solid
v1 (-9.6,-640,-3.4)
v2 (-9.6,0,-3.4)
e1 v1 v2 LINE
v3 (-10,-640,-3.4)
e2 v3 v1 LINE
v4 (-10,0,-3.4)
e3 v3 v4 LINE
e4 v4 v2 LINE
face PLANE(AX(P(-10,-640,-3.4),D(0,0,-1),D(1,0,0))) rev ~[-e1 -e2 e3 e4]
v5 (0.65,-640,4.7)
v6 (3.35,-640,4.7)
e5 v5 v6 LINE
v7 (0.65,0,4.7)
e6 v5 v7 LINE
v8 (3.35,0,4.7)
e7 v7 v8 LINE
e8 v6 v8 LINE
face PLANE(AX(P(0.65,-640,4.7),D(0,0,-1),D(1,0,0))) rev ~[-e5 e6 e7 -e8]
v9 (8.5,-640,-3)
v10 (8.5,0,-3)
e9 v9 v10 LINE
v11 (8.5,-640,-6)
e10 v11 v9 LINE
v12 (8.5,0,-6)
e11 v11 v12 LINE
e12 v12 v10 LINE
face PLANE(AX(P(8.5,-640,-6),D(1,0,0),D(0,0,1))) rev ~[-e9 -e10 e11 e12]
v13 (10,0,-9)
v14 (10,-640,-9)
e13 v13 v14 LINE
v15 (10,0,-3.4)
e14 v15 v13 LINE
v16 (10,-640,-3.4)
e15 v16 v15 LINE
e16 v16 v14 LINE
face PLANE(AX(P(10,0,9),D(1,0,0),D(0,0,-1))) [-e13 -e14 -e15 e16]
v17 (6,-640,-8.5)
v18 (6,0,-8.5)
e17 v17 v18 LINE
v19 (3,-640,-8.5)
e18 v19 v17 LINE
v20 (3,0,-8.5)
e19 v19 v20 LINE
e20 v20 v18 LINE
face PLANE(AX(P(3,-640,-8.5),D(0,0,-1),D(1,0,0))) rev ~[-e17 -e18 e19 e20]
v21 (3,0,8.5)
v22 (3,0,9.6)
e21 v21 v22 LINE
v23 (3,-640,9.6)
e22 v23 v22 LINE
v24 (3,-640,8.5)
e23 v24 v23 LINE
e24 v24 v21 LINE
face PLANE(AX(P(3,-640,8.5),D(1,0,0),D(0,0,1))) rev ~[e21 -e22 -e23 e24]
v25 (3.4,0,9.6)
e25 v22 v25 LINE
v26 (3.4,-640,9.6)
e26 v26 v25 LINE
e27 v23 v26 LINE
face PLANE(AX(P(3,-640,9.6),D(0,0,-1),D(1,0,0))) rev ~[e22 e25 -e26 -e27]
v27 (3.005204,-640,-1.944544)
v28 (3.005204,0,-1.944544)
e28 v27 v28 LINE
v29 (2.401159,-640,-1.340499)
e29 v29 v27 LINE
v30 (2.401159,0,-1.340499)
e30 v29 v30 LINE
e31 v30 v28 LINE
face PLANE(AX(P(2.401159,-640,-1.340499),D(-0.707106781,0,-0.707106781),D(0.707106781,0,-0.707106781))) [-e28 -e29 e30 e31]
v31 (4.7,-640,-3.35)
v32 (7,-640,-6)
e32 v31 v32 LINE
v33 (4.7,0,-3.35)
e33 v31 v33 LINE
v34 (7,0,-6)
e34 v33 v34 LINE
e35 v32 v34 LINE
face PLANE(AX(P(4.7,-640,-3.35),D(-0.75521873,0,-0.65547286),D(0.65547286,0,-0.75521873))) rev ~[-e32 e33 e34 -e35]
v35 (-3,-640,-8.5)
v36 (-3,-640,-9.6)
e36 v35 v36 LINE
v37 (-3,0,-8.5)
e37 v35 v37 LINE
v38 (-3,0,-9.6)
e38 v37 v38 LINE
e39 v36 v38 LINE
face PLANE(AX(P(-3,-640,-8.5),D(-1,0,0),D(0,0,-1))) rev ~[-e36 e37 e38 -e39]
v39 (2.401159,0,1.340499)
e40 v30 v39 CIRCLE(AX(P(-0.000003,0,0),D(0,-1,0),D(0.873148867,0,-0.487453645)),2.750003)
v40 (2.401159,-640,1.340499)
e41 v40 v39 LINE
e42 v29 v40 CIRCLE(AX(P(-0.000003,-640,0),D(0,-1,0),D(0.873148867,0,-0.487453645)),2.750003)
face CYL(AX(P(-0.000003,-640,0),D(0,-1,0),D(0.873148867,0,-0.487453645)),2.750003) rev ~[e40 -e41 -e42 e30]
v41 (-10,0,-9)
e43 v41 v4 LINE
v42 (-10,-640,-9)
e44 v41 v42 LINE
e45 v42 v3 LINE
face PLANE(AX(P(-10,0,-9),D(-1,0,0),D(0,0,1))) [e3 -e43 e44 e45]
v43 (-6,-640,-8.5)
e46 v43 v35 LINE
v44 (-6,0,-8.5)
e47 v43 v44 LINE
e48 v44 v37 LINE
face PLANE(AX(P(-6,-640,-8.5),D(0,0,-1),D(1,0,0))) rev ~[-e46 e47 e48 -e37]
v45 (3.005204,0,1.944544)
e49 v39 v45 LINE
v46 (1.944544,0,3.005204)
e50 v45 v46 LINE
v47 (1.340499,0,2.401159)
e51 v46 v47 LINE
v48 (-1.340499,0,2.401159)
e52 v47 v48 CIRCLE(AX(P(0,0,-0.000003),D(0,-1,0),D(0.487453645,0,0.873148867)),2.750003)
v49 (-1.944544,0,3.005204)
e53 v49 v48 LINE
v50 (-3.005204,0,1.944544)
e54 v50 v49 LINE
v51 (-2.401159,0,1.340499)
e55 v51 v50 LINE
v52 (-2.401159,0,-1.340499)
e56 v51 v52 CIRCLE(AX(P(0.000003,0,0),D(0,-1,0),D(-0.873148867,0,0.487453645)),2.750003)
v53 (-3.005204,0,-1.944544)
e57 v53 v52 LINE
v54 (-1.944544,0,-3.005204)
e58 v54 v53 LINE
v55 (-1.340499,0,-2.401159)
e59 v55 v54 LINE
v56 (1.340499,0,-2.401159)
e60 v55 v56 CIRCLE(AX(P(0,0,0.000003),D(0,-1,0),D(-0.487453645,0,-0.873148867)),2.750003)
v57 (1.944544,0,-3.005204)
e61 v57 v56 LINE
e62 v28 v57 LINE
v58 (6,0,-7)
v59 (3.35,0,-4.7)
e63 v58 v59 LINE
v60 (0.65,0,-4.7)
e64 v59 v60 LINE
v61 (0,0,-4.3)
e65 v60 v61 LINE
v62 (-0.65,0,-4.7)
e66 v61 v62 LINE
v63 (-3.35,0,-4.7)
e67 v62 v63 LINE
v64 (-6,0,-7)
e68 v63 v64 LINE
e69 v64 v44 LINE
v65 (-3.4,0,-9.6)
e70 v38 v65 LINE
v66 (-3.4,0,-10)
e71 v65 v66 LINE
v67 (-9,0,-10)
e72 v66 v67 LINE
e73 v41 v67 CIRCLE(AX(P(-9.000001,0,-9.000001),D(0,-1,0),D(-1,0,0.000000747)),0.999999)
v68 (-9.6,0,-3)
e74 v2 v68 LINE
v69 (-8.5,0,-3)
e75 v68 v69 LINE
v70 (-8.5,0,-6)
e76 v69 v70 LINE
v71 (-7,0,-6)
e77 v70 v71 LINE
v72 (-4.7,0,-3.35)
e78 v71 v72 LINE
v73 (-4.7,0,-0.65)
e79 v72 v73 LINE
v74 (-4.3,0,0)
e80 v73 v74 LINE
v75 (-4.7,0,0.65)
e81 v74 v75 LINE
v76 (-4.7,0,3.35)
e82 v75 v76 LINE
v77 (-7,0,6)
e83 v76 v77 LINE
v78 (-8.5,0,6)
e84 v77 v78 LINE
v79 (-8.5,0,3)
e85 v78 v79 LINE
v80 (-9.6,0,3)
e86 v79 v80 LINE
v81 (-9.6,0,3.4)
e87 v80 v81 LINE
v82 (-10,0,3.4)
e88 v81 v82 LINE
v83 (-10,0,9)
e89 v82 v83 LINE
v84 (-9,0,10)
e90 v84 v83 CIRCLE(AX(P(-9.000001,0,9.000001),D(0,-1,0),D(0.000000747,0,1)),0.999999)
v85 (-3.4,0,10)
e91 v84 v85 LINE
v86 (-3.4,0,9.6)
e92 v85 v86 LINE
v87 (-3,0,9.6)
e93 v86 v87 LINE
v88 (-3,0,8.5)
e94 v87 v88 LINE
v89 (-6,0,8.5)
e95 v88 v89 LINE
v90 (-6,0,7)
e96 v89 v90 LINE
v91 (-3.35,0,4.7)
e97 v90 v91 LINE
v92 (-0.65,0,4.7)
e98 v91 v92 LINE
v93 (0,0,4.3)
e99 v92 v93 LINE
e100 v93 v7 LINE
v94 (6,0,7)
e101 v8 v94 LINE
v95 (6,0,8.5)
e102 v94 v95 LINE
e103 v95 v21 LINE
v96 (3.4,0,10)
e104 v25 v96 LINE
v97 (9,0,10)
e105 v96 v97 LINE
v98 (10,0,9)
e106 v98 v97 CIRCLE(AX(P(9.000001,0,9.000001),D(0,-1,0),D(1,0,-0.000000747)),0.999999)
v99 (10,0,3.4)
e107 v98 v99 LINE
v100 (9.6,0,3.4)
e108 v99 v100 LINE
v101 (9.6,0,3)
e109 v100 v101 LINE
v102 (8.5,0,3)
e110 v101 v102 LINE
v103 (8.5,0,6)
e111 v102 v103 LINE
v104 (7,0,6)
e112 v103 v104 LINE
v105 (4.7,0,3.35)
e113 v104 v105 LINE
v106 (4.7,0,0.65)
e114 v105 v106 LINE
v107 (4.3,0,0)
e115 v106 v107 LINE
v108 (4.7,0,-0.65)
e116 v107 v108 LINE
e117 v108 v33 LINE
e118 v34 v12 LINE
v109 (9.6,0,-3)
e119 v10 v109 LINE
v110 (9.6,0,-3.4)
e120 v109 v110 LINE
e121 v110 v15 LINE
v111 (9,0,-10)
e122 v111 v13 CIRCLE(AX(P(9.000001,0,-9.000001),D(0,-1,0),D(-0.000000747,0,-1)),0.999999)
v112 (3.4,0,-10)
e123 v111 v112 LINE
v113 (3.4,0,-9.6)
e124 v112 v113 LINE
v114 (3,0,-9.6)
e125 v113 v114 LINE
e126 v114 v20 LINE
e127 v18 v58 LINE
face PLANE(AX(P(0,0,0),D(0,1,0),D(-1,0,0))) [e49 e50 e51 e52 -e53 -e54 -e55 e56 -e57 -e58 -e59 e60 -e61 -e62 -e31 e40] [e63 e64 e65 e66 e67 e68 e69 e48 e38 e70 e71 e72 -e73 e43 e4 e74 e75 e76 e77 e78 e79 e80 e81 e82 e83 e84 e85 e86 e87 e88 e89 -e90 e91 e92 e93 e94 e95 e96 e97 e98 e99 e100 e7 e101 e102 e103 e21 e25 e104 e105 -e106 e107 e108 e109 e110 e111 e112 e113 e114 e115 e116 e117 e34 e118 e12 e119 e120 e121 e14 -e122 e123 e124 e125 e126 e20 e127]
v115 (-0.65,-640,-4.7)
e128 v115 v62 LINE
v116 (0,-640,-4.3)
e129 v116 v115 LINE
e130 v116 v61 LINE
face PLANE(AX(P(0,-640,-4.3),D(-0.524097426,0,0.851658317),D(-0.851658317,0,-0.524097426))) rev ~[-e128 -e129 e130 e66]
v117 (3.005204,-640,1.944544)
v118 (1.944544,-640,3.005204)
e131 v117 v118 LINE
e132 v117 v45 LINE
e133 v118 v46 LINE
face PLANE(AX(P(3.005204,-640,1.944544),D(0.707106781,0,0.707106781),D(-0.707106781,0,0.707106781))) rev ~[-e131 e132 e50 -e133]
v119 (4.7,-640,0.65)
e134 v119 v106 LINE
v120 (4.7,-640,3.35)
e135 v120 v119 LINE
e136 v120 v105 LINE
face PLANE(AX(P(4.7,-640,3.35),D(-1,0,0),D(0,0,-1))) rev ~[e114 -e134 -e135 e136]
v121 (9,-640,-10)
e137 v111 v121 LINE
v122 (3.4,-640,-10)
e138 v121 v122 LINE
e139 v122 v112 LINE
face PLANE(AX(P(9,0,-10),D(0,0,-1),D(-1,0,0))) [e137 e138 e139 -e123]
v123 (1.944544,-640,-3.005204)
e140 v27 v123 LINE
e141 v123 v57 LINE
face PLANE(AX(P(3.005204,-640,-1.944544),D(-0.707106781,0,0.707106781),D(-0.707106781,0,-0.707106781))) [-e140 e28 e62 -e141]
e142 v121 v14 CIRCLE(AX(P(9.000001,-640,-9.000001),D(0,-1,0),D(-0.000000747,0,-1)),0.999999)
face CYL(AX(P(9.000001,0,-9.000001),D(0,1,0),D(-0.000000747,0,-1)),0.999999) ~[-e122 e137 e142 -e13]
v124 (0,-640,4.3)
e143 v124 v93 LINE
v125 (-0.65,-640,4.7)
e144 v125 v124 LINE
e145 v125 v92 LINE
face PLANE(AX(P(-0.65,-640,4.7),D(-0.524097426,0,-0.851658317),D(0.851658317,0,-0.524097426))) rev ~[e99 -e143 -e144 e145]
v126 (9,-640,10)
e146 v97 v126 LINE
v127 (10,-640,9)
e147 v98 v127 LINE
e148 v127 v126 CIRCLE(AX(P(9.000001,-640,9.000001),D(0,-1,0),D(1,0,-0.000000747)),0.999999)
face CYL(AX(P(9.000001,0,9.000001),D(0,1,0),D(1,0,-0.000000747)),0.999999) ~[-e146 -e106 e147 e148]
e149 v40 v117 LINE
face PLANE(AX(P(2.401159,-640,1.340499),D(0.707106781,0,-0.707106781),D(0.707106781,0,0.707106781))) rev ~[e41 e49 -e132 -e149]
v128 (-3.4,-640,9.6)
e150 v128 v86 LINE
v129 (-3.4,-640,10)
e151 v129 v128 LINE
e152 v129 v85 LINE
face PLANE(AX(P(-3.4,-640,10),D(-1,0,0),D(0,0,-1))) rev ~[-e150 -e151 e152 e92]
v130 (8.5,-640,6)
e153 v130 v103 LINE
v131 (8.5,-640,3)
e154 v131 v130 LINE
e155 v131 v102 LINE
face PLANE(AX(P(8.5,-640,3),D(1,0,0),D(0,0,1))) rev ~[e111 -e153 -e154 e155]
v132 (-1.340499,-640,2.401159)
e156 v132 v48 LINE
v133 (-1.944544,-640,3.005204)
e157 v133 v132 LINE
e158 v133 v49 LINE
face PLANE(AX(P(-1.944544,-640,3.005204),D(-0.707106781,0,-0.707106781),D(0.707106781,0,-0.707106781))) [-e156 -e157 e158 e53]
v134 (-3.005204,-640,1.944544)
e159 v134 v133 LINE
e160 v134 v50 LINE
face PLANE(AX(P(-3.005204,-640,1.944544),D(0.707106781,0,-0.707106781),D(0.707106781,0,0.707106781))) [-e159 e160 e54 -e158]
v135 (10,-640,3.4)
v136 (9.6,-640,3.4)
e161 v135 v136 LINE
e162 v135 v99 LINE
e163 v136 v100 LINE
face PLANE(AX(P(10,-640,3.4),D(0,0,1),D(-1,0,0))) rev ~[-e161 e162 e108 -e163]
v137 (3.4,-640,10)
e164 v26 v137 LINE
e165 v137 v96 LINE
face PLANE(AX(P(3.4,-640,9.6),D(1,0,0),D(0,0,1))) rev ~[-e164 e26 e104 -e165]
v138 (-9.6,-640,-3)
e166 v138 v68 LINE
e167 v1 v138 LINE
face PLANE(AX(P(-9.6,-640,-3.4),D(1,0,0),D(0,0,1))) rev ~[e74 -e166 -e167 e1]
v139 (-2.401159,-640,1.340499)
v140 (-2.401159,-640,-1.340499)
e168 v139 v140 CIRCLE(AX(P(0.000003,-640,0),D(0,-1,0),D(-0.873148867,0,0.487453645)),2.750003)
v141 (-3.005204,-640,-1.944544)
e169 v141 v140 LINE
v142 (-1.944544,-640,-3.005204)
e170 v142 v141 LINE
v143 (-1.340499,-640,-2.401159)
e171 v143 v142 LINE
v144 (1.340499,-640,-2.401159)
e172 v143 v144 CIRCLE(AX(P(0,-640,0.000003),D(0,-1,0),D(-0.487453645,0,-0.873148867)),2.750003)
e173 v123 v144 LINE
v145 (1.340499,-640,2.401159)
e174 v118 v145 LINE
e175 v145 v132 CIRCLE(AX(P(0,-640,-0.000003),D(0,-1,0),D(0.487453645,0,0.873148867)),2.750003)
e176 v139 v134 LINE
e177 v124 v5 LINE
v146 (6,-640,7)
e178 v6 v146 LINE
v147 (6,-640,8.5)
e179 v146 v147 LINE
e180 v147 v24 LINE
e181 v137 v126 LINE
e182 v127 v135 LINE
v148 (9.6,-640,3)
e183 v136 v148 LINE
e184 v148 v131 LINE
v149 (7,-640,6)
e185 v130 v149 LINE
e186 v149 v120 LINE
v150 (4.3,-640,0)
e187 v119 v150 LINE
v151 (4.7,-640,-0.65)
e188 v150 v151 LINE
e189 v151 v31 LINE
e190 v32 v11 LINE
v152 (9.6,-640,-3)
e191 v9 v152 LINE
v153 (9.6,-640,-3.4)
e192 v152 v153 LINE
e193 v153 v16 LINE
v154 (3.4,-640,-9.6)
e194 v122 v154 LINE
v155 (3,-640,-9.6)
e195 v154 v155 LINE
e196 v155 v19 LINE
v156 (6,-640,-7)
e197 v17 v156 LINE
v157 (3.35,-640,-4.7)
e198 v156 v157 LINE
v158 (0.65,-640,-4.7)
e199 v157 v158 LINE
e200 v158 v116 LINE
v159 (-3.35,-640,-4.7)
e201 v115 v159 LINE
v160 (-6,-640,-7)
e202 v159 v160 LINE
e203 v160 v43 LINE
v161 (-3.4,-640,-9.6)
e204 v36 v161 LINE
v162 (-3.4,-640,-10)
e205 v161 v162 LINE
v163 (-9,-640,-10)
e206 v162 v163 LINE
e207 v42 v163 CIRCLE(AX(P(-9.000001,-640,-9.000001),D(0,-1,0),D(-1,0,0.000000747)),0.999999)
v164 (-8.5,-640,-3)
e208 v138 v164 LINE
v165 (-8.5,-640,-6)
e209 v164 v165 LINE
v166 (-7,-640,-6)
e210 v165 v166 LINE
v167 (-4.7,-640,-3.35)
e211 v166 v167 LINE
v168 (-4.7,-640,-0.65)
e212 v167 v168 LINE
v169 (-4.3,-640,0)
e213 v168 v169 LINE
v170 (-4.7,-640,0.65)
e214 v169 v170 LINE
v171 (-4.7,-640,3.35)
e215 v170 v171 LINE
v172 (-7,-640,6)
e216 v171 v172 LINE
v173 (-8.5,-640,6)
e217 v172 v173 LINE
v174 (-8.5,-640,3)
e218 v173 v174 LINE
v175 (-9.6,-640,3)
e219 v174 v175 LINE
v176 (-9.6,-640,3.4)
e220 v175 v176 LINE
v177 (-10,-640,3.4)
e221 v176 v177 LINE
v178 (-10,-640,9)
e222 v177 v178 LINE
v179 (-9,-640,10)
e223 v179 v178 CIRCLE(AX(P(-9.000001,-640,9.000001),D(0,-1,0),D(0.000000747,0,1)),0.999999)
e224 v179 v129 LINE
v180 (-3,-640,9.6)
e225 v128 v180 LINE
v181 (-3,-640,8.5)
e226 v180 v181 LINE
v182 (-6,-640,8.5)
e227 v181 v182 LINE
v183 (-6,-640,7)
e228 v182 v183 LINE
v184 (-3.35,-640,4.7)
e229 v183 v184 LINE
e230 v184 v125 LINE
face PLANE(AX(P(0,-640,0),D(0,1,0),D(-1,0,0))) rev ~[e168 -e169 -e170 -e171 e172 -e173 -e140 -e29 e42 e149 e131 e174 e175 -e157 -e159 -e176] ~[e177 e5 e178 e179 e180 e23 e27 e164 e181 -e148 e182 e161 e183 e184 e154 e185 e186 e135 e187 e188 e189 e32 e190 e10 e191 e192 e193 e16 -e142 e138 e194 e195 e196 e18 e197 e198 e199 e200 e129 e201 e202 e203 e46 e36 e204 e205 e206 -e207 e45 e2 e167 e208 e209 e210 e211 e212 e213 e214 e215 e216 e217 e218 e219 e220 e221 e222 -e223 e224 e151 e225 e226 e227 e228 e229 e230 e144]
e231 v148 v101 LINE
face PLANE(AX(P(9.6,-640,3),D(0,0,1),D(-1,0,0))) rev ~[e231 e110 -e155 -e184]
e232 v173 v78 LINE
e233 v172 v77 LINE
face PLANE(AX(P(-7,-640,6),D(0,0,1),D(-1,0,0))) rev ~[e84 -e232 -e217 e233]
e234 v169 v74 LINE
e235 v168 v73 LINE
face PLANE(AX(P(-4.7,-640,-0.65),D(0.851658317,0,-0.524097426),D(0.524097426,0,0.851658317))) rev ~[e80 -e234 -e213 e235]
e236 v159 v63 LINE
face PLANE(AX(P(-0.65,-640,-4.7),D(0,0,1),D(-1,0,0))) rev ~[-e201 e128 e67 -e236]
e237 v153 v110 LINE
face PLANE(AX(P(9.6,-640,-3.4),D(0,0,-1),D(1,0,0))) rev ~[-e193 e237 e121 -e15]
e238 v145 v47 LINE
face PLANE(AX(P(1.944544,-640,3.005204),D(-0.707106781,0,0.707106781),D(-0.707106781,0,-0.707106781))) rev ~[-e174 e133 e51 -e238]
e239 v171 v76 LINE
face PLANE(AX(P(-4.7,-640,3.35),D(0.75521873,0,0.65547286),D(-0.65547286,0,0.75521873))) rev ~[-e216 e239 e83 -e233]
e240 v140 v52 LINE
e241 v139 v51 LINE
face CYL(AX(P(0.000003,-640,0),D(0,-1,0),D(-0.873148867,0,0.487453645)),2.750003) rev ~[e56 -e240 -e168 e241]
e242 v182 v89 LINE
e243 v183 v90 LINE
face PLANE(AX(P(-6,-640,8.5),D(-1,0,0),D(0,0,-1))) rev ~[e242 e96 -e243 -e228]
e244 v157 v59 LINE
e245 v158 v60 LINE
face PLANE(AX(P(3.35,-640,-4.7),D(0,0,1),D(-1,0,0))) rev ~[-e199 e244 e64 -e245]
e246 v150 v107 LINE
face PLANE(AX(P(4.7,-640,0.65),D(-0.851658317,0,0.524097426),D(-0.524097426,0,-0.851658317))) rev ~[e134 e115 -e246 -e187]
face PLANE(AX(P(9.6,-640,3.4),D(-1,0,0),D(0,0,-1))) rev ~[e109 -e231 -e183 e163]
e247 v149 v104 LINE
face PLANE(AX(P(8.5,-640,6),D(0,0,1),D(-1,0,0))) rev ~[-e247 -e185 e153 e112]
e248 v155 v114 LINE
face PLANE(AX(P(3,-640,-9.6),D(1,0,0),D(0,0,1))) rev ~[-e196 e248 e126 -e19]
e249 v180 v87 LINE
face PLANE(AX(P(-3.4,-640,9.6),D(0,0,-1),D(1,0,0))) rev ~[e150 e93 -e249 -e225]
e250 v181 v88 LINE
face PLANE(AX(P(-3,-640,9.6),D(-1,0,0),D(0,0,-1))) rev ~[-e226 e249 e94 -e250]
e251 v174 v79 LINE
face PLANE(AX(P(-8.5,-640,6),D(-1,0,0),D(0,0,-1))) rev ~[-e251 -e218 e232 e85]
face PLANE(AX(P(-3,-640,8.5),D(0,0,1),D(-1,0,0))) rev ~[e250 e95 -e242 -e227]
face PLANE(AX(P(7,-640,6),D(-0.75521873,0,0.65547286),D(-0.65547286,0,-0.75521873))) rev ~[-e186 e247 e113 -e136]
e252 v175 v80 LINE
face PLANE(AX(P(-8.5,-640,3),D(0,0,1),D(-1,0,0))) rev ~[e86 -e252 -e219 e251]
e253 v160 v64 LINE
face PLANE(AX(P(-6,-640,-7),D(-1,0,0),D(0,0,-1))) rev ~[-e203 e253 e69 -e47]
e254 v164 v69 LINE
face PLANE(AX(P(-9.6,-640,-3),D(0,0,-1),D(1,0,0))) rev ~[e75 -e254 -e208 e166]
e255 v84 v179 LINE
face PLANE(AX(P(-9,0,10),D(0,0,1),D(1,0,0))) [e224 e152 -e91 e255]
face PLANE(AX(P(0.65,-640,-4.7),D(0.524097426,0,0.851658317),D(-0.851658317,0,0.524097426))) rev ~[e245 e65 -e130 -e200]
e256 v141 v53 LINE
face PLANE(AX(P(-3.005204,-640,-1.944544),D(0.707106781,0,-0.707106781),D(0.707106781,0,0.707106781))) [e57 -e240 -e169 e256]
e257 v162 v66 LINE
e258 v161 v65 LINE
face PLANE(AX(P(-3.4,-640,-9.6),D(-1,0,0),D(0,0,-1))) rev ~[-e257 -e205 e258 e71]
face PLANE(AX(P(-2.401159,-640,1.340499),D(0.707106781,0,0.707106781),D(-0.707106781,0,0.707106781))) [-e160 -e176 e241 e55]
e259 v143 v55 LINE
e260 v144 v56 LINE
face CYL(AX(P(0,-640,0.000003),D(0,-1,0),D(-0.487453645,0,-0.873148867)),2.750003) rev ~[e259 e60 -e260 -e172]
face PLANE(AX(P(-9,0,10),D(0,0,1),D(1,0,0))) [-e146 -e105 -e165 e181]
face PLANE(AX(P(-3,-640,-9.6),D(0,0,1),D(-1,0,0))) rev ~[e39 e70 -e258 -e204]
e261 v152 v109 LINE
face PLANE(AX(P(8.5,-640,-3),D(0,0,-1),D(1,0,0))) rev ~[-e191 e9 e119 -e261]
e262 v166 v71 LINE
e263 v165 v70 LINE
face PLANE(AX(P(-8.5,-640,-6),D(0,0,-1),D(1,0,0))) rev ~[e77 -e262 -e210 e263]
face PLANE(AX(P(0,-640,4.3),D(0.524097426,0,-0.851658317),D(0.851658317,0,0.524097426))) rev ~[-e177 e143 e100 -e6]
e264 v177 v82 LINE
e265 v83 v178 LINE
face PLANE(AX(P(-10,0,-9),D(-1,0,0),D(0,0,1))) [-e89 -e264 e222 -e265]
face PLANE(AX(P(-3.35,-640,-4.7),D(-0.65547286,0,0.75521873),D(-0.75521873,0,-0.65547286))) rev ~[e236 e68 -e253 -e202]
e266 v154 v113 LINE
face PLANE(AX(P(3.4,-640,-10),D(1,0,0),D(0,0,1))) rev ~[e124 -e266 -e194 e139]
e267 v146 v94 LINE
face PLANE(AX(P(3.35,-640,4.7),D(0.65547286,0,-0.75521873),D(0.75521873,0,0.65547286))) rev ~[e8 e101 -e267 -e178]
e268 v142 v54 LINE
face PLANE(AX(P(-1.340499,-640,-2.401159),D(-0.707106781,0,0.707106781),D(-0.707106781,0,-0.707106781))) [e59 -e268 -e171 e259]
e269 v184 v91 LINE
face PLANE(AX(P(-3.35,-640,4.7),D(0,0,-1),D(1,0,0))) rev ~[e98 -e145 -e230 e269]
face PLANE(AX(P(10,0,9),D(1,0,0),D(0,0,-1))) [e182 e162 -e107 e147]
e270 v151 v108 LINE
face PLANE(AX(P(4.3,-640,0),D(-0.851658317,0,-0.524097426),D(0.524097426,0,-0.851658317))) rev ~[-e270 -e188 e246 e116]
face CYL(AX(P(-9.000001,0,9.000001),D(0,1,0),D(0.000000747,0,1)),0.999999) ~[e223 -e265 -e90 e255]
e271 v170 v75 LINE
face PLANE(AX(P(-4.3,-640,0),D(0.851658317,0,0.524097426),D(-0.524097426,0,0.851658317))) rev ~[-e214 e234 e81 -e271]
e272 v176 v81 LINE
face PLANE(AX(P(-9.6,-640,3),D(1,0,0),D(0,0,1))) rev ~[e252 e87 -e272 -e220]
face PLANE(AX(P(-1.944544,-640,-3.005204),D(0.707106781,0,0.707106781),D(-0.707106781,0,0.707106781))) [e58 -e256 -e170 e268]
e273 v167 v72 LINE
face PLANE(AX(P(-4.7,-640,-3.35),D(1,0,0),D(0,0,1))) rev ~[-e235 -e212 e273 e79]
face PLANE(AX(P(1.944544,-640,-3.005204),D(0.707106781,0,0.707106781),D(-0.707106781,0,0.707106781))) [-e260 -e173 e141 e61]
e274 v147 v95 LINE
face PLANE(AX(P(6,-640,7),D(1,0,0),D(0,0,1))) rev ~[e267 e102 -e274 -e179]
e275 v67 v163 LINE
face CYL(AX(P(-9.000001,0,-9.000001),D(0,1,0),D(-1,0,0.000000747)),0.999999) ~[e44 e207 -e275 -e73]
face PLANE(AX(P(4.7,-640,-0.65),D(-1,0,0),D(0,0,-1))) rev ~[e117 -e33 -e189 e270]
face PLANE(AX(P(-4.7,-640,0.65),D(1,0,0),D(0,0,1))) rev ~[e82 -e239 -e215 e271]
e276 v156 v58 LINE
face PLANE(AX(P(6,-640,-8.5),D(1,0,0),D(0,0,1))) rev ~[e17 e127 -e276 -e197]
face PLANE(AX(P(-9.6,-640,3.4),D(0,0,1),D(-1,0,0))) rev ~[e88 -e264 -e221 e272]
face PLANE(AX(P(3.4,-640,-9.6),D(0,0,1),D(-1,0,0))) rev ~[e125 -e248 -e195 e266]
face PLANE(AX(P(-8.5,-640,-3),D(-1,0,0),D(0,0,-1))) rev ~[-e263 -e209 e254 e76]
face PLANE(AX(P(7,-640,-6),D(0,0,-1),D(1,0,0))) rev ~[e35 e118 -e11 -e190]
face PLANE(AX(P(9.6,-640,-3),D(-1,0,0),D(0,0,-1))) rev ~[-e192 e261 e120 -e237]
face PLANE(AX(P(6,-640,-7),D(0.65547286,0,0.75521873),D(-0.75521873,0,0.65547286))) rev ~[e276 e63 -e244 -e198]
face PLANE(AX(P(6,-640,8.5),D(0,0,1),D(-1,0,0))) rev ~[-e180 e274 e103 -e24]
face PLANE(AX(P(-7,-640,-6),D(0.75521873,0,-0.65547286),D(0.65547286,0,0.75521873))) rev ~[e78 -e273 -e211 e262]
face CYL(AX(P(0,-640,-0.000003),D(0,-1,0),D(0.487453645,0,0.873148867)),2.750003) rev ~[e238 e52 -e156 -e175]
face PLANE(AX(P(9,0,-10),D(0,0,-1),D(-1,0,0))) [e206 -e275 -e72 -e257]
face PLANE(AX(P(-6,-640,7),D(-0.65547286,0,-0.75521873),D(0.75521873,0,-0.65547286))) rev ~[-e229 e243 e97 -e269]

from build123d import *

# Parameters (mm, degrees)
PAD_DEPTH          = 640
POCKET_DEPTH       = 640
POLARPATTERN_COUNT = 4
POCKET001_DEPTH    = 640


with BuildPart() as part:
    # Sketch → Pad (new body)
    with BuildSketch(Plane.XZ):
        with BuildLine():
            Line((-9, 10), (9, 10))
            ThreePointArc((10, 9), (9.707107, 9.707107), (9, 10))
            Line((10, 9), (10, -9))
            ThreePointArc((9, -10), (9.707107, -9.707107), (10, -9))
            Line((9, -10), (-9, -10))
            ThreePointArc((-10, -9), (-9.707107, -9.707107), (-9, -10))
            Line((-10, -9), (-10, 9))
            ThreePointArc((-9, 10), (-9.707107, 9.707107), (-10, 9))
        make_face()
    extrude(amount=PAD_DEPTH)

    # Sketch001 (on Face10 of Pad) → Pocket (cut)
    with BuildSketch(Plane.XZ.offset(640)):
        Polygon((-3.4, 10), (-3.4, 9.6), (-3, 9.6), (-3, 8.5), (-6, 8.5), (-6, 7), (-3.35, 4.7), (-0.65, 4.7), (0, 4.3), (0.65, 4.7), (3.35, 4.7), (6, 7), (6, 8.5), (3, 8.5), (3, 9.6), (3.4, 9.6), (3.4, 10), align=None)
    pocket = extrude(amount=-POCKET_DEPTH, mode=Mode.SUBTRACT)

    # PolarPattern: Pocket ×4 about axis
    polarpattern_axis = Axis((0, -640, 0), (0, -1, 0))
    for i in range(1, POLARPATTERN_COUNT):
        add(pocket.rotate(polarpattern_axis, i * 360 / POLARPATTERN_COUNT), mode=Mode.SUBTRACT)

    # Sketch002 (on Face4 of PolarPattern) → Pocket001 (cut)
    with BuildSketch(Plane.XZ.offset(640)):
        with BuildLine():
            ThreePointArc((1.340499, 2.401159), (0, 2.75), (-1.340499, 2.401159))
            Line((-1.944544, 3.005204), (-1.340499, 2.401159))
            Line((-3.005204, 1.944544), (-1.944544, 3.005204))
            Line((-2.401159, 1.340499), (-3.005204, 1.944544))
            ThreePointArc((-2.401159, 1.340499), (-2.75, 0), (-2.401159, -1.340499))
            Line((-3.005204, -1.944544), (-2.401159, -1.340499))
            Line((-1.944544, -3.005204), (-3.005204, -1.944544))
            Line((-1.340499, -2.401159), (-1.944544, -3.005204))
            ThreePointArc((-1.340499, -2.401159), (0, -2.75), (1.340499, -2.401159))
            Line((1.944544, -3.005204), (1.340499, -2.401159))
            Line((3.005204, -1.944544), (1.944544, -3.005204))
            Line((2.401159, -1.340499), (3.005204, -1.944544))
            ThreePointArc((2.401159, -1.340499), (2.75, 0), (2.401159, 1.340499))
            Line((2.401159, 1.340499), (3.005204, 1.944544))
            Line((3.005204, 1.944544), (1.944544, 3.005204))
            Line((1.944544, 3.005204), (1.340499, 2.401159))
        make_face()
    extrude(amount=-POCKET001_DEPTH, mode=Mode.SUBTRACT)


solid = part.part
